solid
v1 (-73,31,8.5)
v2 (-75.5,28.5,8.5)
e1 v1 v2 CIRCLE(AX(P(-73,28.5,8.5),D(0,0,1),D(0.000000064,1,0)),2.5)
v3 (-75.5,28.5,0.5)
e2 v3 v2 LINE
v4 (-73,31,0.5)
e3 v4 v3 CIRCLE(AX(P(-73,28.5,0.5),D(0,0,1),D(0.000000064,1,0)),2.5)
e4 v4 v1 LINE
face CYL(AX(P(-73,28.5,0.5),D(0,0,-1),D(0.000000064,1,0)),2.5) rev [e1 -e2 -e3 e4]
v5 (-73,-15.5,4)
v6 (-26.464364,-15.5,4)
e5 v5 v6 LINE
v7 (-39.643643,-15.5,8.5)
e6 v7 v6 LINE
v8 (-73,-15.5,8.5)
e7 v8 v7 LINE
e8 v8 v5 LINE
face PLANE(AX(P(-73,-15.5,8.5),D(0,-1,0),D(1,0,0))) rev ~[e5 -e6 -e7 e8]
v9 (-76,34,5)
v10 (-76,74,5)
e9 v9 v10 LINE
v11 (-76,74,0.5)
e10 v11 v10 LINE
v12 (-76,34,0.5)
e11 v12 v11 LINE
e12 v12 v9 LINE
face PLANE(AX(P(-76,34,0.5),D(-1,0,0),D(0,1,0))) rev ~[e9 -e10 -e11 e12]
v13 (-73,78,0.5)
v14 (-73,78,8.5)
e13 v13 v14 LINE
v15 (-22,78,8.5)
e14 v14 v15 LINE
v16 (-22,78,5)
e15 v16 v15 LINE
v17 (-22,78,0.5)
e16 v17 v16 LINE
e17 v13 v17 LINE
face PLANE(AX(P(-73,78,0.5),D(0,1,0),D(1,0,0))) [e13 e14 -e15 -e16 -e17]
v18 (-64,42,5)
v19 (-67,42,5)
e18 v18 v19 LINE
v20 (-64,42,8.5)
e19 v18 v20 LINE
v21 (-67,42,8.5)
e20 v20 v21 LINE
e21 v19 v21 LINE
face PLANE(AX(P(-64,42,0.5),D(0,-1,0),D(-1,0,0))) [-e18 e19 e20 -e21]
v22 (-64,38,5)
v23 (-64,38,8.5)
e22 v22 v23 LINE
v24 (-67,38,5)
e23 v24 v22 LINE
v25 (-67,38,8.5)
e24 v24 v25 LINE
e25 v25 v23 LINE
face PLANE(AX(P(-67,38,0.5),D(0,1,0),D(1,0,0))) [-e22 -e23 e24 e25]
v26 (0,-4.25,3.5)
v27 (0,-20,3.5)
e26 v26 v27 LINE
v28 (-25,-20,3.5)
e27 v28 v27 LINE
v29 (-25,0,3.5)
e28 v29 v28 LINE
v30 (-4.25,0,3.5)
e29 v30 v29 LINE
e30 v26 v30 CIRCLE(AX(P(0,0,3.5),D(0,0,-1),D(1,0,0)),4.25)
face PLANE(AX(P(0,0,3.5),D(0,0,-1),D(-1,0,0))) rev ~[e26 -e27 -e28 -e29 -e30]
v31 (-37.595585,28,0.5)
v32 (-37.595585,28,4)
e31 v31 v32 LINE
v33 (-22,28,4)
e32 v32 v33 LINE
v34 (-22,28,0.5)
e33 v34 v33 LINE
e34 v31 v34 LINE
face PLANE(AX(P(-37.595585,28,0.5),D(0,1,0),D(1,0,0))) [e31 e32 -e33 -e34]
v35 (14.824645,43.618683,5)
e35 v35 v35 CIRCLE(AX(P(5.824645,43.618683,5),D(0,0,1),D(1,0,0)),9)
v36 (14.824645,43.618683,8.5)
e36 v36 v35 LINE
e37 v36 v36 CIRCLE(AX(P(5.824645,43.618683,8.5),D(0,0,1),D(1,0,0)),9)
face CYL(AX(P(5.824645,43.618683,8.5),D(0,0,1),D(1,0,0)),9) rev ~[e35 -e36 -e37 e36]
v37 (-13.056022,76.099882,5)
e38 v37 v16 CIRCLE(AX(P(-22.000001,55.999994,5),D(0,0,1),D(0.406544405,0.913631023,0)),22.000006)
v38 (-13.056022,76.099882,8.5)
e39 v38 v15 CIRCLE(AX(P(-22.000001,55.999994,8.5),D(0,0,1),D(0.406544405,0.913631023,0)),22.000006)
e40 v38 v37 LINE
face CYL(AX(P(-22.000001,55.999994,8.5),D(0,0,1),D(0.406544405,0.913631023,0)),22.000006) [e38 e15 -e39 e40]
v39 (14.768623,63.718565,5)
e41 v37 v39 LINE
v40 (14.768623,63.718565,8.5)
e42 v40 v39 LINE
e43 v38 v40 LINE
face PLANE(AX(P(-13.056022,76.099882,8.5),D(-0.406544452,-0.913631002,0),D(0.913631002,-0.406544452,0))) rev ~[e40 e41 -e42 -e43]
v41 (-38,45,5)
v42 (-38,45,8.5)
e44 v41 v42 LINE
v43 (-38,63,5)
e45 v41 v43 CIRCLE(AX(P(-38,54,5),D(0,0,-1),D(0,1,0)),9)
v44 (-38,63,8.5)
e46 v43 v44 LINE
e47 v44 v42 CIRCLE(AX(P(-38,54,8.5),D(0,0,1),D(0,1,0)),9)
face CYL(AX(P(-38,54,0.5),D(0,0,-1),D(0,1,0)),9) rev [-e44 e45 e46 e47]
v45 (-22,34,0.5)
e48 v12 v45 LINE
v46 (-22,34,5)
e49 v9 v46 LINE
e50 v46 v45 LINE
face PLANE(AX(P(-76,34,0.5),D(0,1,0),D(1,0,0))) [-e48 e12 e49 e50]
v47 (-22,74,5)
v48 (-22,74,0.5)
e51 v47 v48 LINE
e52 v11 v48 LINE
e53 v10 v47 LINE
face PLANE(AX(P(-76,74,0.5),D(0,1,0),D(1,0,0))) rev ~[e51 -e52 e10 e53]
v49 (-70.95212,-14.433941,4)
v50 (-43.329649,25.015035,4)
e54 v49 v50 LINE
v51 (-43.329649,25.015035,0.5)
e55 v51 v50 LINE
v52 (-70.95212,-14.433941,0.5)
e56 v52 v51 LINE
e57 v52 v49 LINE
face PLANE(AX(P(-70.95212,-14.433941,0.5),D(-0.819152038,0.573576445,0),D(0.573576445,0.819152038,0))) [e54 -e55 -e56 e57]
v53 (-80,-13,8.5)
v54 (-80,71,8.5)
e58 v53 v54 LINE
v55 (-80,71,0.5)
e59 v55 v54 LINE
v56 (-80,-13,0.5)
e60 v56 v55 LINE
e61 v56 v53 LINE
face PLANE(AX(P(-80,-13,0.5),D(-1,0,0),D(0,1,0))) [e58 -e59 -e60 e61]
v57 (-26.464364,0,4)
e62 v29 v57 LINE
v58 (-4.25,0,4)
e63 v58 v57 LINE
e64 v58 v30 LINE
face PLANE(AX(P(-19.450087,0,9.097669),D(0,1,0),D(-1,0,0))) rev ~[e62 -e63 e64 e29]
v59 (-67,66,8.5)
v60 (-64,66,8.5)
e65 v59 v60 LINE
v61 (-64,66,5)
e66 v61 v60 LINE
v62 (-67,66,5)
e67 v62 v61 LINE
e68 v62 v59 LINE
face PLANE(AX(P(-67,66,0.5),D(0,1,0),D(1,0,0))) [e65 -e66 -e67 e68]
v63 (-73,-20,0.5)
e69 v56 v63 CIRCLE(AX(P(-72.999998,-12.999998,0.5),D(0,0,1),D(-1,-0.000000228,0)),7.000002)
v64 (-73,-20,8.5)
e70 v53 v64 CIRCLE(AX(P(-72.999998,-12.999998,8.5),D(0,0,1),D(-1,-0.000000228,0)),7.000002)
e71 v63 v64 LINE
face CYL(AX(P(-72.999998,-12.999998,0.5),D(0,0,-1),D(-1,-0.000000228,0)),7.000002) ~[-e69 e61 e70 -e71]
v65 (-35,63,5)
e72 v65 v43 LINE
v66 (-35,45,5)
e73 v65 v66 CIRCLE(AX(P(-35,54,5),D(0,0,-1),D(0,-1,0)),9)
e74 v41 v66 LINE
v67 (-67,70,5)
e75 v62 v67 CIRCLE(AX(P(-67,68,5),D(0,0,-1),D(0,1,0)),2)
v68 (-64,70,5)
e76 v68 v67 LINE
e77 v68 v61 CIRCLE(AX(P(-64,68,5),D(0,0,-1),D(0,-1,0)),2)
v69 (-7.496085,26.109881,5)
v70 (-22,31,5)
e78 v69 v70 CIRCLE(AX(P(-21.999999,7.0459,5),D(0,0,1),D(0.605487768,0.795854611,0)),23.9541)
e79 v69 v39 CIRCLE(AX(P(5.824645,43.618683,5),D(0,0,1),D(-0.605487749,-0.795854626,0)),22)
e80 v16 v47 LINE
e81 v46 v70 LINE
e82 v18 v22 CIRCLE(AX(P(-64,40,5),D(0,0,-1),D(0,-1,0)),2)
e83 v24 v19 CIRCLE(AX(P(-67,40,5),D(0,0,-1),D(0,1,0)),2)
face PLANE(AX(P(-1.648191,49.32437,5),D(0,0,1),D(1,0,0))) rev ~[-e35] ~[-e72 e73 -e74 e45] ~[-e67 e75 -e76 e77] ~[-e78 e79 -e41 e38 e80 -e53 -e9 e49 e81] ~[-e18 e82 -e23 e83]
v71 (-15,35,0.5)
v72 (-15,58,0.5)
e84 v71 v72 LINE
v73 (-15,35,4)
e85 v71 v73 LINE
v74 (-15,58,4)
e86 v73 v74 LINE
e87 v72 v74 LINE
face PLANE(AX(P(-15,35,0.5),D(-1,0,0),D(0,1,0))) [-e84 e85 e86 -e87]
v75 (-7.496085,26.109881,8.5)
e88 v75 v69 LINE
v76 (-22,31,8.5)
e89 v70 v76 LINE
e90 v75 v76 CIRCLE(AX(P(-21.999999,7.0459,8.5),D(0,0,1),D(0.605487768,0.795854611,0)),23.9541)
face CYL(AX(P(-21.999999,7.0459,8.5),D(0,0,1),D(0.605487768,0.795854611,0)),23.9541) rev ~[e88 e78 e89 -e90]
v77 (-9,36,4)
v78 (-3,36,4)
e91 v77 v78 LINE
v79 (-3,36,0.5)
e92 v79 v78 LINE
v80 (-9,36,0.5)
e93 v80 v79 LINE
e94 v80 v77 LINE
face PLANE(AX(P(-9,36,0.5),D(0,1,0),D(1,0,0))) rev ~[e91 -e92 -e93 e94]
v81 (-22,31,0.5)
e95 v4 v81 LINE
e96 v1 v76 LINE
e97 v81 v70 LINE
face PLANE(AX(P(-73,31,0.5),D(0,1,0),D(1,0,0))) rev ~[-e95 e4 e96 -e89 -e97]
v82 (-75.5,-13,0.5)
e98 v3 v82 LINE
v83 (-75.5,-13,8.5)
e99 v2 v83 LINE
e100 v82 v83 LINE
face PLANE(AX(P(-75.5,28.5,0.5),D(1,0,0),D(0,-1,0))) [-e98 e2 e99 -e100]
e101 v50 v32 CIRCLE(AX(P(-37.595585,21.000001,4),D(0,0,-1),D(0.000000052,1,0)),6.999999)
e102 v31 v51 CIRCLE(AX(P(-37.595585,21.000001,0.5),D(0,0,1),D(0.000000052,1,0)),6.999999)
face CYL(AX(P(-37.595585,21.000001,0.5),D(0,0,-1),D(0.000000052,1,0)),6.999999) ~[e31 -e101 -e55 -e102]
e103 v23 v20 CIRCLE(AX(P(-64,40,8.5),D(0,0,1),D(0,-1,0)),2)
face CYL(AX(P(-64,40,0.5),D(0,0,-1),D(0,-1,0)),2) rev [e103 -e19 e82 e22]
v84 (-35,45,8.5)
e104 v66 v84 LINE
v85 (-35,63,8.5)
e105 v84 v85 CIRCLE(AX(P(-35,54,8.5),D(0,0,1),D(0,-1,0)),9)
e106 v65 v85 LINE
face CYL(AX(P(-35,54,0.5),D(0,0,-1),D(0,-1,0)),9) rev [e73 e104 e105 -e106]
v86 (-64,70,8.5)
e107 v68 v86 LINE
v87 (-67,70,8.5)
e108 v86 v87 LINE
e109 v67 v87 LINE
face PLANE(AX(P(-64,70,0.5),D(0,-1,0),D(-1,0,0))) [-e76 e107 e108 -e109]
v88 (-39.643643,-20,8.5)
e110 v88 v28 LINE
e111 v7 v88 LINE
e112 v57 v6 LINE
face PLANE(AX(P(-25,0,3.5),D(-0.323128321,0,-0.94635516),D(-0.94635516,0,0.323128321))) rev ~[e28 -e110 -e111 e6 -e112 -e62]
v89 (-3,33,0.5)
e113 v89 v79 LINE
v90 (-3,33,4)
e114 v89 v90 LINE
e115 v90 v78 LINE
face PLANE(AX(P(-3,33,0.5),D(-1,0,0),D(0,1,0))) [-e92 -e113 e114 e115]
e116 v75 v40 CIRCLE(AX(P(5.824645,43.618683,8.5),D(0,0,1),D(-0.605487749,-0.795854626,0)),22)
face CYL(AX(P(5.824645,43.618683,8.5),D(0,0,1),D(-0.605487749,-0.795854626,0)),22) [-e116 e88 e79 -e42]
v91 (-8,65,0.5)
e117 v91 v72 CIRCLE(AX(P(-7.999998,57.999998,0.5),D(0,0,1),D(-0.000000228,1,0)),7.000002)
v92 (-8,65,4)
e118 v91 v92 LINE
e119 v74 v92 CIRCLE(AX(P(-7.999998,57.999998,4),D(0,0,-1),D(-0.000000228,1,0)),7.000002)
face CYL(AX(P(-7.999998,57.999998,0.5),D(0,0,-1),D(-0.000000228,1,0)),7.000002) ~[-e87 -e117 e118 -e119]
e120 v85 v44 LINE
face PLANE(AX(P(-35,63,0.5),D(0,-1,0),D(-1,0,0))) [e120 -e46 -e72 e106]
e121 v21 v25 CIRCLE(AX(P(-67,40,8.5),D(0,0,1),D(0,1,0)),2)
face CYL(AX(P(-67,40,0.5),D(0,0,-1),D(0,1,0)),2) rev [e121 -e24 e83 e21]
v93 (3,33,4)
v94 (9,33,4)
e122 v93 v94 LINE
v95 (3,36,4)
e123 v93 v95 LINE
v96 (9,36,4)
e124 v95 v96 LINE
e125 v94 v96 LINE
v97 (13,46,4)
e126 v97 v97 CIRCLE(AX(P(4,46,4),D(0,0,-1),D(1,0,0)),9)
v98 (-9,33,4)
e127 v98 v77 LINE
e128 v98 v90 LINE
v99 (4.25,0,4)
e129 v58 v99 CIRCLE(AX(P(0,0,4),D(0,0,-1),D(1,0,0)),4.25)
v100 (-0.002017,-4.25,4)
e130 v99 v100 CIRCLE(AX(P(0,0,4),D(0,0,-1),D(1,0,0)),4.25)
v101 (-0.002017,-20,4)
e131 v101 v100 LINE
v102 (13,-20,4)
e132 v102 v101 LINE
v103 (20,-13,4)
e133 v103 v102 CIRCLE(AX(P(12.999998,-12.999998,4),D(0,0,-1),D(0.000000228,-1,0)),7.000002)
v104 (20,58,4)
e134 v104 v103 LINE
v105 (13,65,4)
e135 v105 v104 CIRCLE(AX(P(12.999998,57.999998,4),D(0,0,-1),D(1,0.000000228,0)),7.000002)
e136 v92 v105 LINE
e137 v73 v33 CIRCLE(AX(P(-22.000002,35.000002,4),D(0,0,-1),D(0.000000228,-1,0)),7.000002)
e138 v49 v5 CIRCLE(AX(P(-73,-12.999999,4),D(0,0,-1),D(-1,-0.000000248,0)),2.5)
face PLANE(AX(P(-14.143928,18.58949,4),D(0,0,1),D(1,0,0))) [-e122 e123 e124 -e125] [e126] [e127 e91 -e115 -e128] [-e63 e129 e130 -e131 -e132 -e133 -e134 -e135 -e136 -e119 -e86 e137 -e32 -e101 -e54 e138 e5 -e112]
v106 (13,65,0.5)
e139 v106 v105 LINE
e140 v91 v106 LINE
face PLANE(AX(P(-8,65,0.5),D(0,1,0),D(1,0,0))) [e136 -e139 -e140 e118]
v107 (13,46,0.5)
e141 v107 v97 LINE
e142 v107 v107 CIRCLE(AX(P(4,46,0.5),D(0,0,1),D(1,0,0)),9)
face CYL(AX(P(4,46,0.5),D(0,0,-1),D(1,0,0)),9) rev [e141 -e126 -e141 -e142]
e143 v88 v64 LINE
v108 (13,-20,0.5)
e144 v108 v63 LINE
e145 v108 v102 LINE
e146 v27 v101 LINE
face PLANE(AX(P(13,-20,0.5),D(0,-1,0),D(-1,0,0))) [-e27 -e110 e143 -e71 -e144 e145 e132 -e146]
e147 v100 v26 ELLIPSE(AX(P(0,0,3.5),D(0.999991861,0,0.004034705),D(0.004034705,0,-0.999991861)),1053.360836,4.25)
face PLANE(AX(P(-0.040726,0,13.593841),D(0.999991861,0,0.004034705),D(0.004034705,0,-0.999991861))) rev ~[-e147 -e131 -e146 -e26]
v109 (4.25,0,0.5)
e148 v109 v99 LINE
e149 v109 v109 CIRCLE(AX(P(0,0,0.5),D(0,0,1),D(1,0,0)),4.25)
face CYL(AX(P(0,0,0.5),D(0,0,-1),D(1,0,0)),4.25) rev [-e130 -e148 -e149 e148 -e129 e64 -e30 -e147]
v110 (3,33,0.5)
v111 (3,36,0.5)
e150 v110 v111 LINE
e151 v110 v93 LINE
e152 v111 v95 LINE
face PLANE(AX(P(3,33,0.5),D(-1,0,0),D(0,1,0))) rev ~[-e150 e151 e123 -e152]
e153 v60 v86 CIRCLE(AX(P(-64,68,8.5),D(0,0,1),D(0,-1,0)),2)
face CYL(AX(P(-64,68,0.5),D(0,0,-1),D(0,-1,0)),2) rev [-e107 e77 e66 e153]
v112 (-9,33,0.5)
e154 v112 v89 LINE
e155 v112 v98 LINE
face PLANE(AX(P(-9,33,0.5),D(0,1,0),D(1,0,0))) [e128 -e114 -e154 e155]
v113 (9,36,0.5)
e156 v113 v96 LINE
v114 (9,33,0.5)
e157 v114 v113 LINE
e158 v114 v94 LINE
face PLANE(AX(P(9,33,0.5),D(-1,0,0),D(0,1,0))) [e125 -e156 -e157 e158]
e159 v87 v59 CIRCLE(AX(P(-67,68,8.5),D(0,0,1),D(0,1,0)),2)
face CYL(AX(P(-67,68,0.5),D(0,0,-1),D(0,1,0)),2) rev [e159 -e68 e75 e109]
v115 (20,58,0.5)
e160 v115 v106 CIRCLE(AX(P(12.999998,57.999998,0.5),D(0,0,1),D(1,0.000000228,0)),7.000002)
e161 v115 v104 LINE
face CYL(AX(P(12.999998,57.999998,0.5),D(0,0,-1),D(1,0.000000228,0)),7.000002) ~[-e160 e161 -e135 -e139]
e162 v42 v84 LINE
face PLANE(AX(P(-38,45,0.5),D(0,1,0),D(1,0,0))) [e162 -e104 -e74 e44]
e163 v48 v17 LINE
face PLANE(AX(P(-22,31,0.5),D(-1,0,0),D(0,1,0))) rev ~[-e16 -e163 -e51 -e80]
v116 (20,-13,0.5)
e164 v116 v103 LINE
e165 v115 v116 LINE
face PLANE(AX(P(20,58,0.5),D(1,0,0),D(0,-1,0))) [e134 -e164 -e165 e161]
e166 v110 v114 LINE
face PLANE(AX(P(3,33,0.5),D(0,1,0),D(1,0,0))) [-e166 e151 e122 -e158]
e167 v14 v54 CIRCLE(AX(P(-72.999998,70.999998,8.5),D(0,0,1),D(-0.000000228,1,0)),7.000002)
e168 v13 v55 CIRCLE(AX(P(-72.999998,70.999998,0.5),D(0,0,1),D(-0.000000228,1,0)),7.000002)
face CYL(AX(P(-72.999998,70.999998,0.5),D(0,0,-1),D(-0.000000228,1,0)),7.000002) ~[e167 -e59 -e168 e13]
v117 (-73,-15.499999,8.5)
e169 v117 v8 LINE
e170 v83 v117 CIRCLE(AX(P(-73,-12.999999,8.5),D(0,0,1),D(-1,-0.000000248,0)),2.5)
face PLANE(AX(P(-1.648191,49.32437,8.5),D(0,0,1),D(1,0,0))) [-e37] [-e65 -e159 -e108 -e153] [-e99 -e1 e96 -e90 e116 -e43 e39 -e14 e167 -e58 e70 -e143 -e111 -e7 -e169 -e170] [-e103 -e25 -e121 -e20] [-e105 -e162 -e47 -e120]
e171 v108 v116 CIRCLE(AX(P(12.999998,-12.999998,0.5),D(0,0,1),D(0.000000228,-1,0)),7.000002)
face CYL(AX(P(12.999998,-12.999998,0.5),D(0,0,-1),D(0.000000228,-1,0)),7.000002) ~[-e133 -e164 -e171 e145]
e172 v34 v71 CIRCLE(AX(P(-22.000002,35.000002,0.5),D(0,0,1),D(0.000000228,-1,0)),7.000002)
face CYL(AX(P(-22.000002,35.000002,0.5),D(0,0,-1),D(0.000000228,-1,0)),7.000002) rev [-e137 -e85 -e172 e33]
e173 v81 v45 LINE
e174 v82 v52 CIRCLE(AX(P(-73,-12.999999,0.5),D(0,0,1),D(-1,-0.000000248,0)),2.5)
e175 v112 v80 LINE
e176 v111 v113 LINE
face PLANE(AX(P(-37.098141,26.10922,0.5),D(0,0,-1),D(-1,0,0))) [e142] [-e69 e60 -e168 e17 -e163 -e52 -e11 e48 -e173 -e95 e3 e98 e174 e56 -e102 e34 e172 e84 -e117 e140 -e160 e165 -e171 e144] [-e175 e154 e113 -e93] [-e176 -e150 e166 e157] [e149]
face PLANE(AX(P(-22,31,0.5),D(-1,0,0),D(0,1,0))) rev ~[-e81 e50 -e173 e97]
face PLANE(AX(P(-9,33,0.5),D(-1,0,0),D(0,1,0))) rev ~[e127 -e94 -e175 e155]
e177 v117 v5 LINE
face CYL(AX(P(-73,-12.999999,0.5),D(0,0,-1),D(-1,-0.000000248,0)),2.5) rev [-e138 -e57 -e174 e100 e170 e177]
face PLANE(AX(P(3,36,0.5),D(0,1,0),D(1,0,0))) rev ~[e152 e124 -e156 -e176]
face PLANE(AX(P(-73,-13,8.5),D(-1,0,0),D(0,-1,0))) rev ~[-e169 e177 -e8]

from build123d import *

# Parameters (mm, degrees)
SKETCH018_R     = 4.25
SKETCH018_R_2   = 9
SKETCH018_W     = 6
SKETCH018_H     = 3
PAD011_DEPTH    = 8
SKETCH020_W     = 56.576859
SKETCH020_H     = 40
POCKET007_DEPTH = 4.5
POCKET008_DEPTH = 4.5
SKETCH021_R     = 9
PAD012_DEPTH    = 3.5
POCKET009_DEPTH = 20.001


with BuildPart() as part:
    # Sketch018 → Pad011 (new body)
    with BuildSketch(Plane.XY):
        with BuildLine():
            Line((20, 58), (20, -13))
            ThreePointArc((13, -20), (17.949747, -17.949747), (20, -13))
            Line((13, -20), (-73, -20))
            ThreePointArc((-80, -13), (-77.949747, -17.949747), (-73, -20))
            Line((-80, -13), (-80, 71))
            ThreePointArc((-73, 78), (-77.949747, 75.949747), (-80, 71))
            Line((-73, 78), (-22, 78))
            Line((-22, 31), (-22, 78))
            Line((-73, 31), (-22, 31))
            ThreePointArc((-73, 31), (-74.767767, 30.267767), (-75.5, 28.5))
            Line((-75.5, 28.5), (-75.5, -13))
            ThreePointArc((-75.5, -13), (-73.751764, -15.384292), (-70.95212, -14.433941))
            Line((-70.95212, -14.433941), (-43.329649, 25.015035))
            ThreePointArc((-37.595585, 28), (-40.827825, 27.209076), (-43.329649, 25.015035))
            Line((-37.595585, 28), (-22, 28))
            ThreePointArc((-22, 28), (-17.050253, 30.050253), (-15, 35))
            Line((-15, 35), (-15, 58))
            ThreePointArc((-8, 65), (-12.949747, 62.949747), (-15, 58))
            Line((-8, 65), (13, 65))
            ThreePointArc((20, 58), (17.949747, 62.949747), (13, 65))
        make_face()
        Circle(SKETCH018_R, mode=Mode.SUBTRACT)
        with Locations((4, 46)):
            Circle(SKETCH018_R_2, mode=Mode.SUBTRACT)
        with BuildLine():
            ThreePointArc((-38, 63), (-47, 54), (-38, 45))
            Line((-38, 45), (-35, 45))
            ThreePointArc((-35, 45), (-26, 54), (-35, 63))
            Line((-35, 63), (-38, 63))
        make_face(mode=Mode.SUBTRACT)
        with BuildLine():
            ThreePointArc((-67, 70), (-69, 68), (-67, 66))
            Line((-67, 66), (-64, 66))
            ThreePointArc((-64, 66), (-62, 68), (-64, 70))
            Line((-64, 70), (-67, 70))
        make_face(mode=Mode.SUBTRACT)
        with BuildLine():
            ThreePointArc((-67, 42), (-69, 40), (-67, 38))
            Line((-67, 38), (-64, 38))
            ThreePointArc((-64, 38), (-62, 40), (-64, 42))
            Line((-64, 42), (-67, 42))
        make_face(mode=Mode.SUBTRACT)
        with Locations((6, 34.5)):
            Rectangle(SKETCH018_W, SKETCH018_H, mode=Mode.SUBTRACT)
        with Locations((-6, 34.5)):
            Rectangle(SKETCH018_W, SKETCH018_H, mode=Mode.SUBTRACT)
    extrude(amount=PAD011_DEPTH)

    # Sketch020 → Pocket007 (cut)
    with BuildSketch(Plane.XY):
        with Locations((-47.711571, 54)):
            Rectangle(SKETCH020_W, SKETCH020_H)
    extrude(amount=POCKET007_DEPTH, mode=Mode.SUBTRACT)

    # Sketch019 (on Face5 of Pocket007) → Pocket008 (cut)
    with BuildSketch(Plane.XY.offset(8)):
        Polygon((-73, -15.5), (-25.471525, -15.5), (-25.471525, -22.26432), (22.647079, -22.26432), (22.647079, 72.273804), (-17.92174, 72.273804), (-17.92174, 30.299976), (-42.694947, 30.299976), (-73, -13), align=None)
    extrude(amount=-POCKET008_DEPTH, mode=Mode.SUBTRACT)

    # Sketch021 (on Face38 of Pocket008) → Pad012 (join)
    with BuildSketch(Plane.XY.offset(8)):
        with BuildLine():
            ThreePointArc((-7.496085, 26.109881), (24.755897, 32.411198), (14.768623, 63.718565))
            Line((-13.056022, 76.099882), (14.768623, 63.718565))
            ThreePointArc((-13.056022, 76.099882), (-17.428206, 77.519728), (-22, 78))
            Line((-22, 78), (-22, 31))
            ThreePointArc((-7.496085, 26.109881), (-14.346948, 29.744572), (-22, 31))
        make_face()
        with Locations((5.824645, 43.618683)):
            Circle(SKETCH021_R, mode=Mode.SUBTRACT)
    extrude(amount=-PAD012_DEPTH)

    # Sketch022 → Pocket009 (cut, through all)
    with BuildSketch(Plane.XZ):
        Polygon((0, 3), (-25, 3), (-40.931572, 8.439757), (-40.931572, 13.093841), (-0.040726, 13.093841), align=None)
    extrude(amount=POCKET009_DEPTH, mode=Mode.SUBTRACT)


with BuildPart() as part_1:
    # Body008 placement: moved
    add(part.part.moved(Location((0, 0, 0.5))))


solid = part_1.part
